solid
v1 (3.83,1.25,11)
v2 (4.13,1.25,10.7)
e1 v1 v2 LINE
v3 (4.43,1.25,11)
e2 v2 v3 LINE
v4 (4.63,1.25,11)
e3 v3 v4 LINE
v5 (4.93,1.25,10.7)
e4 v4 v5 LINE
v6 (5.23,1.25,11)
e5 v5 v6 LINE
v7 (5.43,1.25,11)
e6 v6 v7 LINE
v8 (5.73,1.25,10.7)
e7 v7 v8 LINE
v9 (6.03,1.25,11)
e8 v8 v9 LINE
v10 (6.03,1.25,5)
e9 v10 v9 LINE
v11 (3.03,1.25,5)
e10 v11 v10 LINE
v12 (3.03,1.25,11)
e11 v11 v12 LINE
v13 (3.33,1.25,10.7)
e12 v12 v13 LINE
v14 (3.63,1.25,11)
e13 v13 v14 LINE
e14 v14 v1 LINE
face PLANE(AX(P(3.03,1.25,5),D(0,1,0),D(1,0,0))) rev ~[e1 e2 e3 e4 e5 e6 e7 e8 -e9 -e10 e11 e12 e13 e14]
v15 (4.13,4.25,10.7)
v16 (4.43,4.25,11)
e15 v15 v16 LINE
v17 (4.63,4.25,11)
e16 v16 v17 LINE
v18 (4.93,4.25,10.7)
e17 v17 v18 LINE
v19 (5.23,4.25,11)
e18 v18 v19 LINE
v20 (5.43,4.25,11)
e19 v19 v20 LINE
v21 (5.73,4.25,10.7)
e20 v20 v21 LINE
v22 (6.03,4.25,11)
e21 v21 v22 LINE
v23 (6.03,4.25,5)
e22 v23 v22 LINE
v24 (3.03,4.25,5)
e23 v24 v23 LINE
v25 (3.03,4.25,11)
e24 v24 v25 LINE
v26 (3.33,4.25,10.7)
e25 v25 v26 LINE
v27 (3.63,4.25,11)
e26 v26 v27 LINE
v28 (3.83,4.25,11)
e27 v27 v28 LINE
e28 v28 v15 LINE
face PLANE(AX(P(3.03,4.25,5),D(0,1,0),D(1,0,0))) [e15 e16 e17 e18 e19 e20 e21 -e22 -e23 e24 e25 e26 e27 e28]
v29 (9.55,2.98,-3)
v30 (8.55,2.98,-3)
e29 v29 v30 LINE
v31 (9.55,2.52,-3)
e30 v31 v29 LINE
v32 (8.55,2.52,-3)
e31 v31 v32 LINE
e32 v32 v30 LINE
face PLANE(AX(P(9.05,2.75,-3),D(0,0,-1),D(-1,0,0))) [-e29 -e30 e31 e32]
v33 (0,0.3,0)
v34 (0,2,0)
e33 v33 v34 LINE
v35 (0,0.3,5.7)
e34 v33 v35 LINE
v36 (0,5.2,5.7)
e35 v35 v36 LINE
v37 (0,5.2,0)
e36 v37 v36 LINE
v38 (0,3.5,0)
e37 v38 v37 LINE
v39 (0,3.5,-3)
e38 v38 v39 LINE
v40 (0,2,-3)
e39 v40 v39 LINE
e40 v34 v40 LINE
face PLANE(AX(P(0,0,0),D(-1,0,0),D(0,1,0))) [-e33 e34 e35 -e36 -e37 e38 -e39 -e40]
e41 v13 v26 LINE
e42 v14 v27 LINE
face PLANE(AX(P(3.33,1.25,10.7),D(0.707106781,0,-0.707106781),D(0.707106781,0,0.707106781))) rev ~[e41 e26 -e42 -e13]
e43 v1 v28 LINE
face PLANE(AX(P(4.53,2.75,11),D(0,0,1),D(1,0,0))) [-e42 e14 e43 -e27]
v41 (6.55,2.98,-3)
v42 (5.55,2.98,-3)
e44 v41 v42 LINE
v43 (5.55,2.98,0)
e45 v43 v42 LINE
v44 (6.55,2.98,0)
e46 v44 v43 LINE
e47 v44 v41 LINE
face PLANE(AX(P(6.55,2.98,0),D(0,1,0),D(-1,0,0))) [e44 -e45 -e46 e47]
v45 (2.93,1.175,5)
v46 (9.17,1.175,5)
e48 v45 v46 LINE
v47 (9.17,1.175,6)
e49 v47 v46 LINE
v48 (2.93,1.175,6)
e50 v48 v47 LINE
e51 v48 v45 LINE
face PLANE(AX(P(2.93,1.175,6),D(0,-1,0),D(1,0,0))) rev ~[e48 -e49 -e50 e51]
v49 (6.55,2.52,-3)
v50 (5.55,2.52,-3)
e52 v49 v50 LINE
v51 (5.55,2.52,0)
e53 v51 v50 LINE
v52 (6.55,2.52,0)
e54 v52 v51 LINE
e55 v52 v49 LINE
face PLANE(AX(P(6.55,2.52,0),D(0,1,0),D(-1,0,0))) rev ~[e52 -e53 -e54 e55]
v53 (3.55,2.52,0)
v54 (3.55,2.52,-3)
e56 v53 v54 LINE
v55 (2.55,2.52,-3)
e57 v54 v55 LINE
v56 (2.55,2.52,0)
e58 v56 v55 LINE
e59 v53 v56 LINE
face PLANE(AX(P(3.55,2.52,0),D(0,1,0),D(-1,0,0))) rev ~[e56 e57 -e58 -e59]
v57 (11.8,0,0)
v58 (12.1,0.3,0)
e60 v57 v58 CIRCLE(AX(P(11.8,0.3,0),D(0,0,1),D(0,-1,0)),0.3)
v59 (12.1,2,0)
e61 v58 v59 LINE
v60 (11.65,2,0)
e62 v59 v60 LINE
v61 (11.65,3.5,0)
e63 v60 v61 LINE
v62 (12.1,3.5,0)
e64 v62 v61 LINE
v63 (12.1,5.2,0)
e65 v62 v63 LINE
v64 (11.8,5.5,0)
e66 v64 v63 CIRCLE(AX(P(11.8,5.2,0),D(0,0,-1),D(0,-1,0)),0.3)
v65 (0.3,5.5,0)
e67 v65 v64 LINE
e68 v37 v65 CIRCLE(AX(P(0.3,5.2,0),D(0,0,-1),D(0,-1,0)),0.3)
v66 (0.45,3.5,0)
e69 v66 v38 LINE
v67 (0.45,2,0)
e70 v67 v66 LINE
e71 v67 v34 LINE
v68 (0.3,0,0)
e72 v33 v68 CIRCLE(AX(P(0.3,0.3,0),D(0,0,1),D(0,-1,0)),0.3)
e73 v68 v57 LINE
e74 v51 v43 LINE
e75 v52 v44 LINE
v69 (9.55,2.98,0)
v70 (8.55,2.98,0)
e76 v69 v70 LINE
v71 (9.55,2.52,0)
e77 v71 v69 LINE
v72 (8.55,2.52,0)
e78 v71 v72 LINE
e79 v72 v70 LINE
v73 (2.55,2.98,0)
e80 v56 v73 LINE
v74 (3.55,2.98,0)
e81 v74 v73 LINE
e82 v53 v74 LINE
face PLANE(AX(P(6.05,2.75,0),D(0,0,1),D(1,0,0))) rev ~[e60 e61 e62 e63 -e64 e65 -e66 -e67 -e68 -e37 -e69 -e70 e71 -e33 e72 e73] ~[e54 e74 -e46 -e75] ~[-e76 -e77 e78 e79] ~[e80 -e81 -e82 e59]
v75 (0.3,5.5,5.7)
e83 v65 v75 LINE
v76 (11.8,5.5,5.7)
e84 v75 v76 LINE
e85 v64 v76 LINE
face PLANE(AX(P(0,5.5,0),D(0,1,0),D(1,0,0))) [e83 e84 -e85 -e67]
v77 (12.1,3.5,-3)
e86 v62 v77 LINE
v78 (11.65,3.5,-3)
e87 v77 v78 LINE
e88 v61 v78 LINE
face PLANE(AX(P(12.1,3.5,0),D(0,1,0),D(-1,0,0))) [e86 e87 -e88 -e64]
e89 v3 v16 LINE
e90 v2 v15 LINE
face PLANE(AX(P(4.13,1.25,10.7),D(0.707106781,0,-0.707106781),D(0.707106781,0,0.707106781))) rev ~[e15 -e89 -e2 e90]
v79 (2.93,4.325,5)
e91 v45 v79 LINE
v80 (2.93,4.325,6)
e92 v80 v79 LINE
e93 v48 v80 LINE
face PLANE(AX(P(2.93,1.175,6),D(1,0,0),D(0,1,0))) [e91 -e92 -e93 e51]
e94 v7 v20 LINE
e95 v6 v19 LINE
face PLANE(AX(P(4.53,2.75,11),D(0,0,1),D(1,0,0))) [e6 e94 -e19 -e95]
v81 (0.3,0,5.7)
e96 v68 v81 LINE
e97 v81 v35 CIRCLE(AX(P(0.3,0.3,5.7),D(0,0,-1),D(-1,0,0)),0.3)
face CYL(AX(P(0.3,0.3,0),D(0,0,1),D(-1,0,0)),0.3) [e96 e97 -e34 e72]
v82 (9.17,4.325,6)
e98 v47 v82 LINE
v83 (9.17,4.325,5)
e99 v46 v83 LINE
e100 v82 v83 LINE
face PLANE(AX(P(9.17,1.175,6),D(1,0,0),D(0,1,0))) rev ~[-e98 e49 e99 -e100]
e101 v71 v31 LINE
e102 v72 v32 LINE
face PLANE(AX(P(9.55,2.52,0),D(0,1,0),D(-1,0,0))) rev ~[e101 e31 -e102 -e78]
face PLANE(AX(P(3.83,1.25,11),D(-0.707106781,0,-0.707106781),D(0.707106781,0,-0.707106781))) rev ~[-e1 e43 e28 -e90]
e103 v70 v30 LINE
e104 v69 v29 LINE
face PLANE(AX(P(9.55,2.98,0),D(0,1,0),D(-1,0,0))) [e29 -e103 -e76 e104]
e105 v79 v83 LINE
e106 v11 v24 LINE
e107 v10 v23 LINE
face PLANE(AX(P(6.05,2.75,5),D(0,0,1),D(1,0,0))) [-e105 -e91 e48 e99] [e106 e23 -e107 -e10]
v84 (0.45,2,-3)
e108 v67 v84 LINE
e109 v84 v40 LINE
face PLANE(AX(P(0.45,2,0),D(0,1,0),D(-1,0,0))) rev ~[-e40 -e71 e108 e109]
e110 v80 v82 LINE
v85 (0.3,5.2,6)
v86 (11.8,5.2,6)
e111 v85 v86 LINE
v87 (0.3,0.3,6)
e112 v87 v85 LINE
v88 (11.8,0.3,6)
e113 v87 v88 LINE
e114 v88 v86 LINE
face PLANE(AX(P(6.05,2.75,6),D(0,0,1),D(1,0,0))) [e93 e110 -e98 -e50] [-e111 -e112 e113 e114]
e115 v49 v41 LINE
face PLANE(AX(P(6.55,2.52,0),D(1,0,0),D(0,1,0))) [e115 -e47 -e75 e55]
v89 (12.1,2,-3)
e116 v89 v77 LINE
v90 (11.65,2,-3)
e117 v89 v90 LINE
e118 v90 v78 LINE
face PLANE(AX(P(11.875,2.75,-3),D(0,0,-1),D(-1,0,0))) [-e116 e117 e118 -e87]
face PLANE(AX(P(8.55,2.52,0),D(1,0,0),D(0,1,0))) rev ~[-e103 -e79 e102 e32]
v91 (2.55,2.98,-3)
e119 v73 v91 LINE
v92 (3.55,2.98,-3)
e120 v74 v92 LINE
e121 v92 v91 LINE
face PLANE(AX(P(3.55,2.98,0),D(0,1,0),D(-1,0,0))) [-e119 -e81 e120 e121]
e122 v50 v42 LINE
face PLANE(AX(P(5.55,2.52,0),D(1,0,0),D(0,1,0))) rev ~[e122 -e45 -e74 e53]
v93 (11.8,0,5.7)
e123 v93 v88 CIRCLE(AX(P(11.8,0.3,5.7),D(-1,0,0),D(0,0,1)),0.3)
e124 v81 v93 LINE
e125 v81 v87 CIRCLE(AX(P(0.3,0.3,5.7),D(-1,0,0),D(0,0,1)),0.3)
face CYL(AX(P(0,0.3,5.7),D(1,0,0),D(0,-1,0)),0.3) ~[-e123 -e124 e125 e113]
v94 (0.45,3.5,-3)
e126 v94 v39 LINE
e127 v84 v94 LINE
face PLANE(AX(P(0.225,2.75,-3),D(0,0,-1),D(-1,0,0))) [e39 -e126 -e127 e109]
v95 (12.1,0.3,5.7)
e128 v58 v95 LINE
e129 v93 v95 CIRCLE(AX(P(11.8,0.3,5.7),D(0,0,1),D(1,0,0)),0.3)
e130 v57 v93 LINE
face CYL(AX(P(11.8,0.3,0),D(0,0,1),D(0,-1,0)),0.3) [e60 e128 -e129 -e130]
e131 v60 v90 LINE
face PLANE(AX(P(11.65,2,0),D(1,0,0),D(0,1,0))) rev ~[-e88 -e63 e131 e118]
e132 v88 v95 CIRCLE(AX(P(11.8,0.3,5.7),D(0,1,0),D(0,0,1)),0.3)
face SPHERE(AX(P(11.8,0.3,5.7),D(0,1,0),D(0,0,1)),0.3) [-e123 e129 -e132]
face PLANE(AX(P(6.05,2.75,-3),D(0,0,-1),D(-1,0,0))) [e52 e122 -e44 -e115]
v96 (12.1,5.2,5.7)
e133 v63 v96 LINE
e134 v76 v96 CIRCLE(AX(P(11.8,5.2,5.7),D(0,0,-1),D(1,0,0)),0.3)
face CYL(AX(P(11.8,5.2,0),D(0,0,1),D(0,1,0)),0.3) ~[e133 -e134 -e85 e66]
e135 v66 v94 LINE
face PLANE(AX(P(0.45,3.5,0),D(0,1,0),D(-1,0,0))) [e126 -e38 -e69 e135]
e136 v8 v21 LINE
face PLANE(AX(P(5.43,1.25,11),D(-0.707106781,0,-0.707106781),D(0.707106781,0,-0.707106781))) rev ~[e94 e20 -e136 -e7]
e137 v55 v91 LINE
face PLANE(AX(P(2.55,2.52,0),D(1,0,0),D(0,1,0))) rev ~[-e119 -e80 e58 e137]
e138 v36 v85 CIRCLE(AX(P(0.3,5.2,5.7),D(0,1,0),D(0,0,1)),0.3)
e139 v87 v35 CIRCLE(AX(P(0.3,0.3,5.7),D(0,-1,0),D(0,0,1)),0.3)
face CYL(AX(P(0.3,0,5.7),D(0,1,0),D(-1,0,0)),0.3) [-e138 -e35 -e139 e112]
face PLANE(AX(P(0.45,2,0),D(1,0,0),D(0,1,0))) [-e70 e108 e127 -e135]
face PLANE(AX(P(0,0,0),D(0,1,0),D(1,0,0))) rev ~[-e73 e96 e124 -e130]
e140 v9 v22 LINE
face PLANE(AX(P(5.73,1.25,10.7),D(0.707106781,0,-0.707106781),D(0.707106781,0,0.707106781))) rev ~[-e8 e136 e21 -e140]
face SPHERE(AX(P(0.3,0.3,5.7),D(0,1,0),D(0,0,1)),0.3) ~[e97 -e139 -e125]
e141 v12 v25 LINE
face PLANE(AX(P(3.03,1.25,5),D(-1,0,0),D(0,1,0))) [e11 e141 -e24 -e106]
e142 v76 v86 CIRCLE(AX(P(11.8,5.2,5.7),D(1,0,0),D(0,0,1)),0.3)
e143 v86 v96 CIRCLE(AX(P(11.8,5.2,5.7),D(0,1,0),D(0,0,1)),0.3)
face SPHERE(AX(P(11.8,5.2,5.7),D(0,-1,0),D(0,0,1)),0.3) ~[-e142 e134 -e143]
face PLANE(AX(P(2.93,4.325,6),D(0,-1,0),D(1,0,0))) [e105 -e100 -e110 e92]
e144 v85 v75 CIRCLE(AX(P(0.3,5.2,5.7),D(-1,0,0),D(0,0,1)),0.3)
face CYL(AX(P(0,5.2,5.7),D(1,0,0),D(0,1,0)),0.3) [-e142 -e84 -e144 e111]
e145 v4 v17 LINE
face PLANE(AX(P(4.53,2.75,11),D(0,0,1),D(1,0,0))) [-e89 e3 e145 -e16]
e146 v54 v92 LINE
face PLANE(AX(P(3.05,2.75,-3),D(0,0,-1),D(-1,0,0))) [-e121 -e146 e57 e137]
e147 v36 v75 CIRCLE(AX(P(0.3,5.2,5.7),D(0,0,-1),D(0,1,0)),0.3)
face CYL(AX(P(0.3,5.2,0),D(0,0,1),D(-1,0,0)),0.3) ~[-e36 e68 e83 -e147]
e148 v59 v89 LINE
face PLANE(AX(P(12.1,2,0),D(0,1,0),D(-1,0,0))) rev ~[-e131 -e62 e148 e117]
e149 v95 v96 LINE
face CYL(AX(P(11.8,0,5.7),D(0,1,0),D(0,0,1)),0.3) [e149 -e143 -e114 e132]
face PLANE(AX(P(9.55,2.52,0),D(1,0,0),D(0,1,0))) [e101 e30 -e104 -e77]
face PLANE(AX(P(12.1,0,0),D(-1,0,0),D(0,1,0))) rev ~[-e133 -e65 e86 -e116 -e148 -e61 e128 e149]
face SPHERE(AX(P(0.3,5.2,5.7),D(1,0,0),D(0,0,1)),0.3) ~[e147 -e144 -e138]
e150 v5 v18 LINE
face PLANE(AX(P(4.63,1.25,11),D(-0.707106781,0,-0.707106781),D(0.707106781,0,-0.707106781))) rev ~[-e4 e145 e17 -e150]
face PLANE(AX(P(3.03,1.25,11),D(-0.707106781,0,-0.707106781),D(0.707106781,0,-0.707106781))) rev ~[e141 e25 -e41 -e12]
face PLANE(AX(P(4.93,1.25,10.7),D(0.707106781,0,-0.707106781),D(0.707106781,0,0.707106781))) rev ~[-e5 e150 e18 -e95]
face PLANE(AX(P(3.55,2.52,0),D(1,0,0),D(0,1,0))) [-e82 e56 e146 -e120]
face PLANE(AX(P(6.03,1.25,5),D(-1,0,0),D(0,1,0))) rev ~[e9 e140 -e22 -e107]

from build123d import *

# Parameters (mm, degrees)
SKETCH_3_W          = 12.1
SKETCH_3_H          = 5.5
EXTRUDE_1_DEPTH     = 6
SKETCH_4_W          = 6.24
SKETCH_4_H          = 3.15
CUT_EXTRUDE_1_DEPTH = 1
SKETCH_5_W          = 3
SKETCH_5_H          = 3
EXTRUDE_2_DEPTH     = 6
CUT_EXTRUDE_2_REACH = 18.896
SKETCH_7_W          = 1
SKETCH_7_H          = 0.46
SKETCH_7_W_2        = 0.45
SKETCH_7_H_2        = 1.5
EXTRUDE_3_DEPTH     = 3
FILLET_1_R          = 0.3


with BuildPart() as part:
    # Sketch 3 → Extrude 1 (new body)
    with BuildSketch(Plane.XY):
        with Locations((6.05, 2.75)):
            Rectangle(SKETCH_3_W, SKETCH_3_H)
    extrude(amount=EXTRUDE_1_DEPTH)

    # Sketch 4 → Cut-Extrude 1 (cut)
    with BuildSketch(Plane.XY.offset(6)):
        with Locations((6.05, 2.75)):
            Rectangle(SKETCH_4_W, SKETCH_4_H)
    extrude(amount=-CUT_EXTRUDE_1_DEPTH, mode=Mode.SUBTRACT)

    # Sketch 5 → Extrude 2 (add)
    with BuildSketch(Plane.XY.offset(5)):
        with Locations((4.53, 2.75)):
            Rectangle(SKETCH_5_W, SKETCH_5_H)
    extrude(amount=EXTRUDE_2_DEPTH)

    # Sketch 6 → Cut-Extrude 2 (cut, up to next)
    with BuildSketch(Plane.XZ.offset(-1.25), mode=Mode.PRIVATE) as cut_extrude_2_sk1:
        Polygon((3.03, 11), (3.33, 10.7), (3.63, 11), align=None)
    cut_extrude_2_tool1 = extrude(cut_extrude_2_sk1.sketch, amount=-CUT_EXTRUDE_2_REACH, mode=Mode.PRIVATE) & part.part
    # Sketch 6 → Cut-Extrude 2 (cut, up to next)
    with BuildSketch(Plane.XZ.offset(-1.25), mode=Mode.PRIVATE) as cut_extrude_2_sk2:
        Polygon((4.13, 10.7), (4.43, 11), (3.83, 11), align=None)
    cut_extrude_2_tool2 = extrude(cut_extrude_2_sk2.sketch, amount=-CUT_EXTRUDE_2_REACH, mode=Mode.PRIVATE) & part.part
    # Sketch 6 → Cut-Extrude 2 (cut, up to next)
    with BuildSketch(Plane.XZ.offset(-1.25), mode=Mode.PRIVATE) as cut_extrude_2_sk3:
        Polygon((4.93, 10.7), (5.23, 11), (4.63, 11), align=None)
    cut_extrude_2_tool3 = extrude(cut_extrude_2_sk3.sketch, amount=-CUT_EXTRUDE_2_REACH, mode=Mode.PRIVATE) & part.part
    # Sketch 6 → Cut-Extrude 2 (cut, up to next)
    with BuildSketch(Plane.XZ.offset(-1.25), mode=Mode.PRIVATE) as cut_extrude_2_sk4:
        Polygon((5.73, 10.7), (6.03, 11), (5.43, 11), align=None)
    cut_extrude_2_tool4 = extrude(cut_extrude_2_sk4.sketch, amount=-CUT_EXTRUDE_2_REACH, mode=Mode.PRIVATE) & part.part
    add(cut_extrude_2_tool1.solids().sort_by_distance((3.33, 1.25, 10.9))[0], mode=Mode.SUBTRACT)
    add(cut_extrude_2_tool2.solids().sort_by_distance((4.13, 1.25, 10.9))[0], mode=Mode.SUBTRACT)
    add(cut_extrude_2_tool3.solids().sort_by_distance((4.93, 1.25, 10.9))[0], mode=Mode.SUBTRACT)
    add(cut_extrude_2_tool4.solids().sort_by_distance((5.73, 1.25, 10.9))[0], mode=Mode.SUBTRACT)

    # Sketch 7 → Extrude 3 (add)
    with BuildSketch(Plane(origin=(0, 0, 0), x_dir=(-1, 0, 0), z_dir=(0, 0, -1))):
        with Locations((-3.05, 2.75)):
            Rectangle(SKETCH_7_W, SKETCH_7_H)
        with Locations((-6.05, 2.75)):
            Rectangle(SKETCH_7_W, SKETCH_7_H)
        with Locations((-9.05, 2.75)):
            Rectangle(SKETCH_7_W, SKETCH_7_H)
        with Locations((-11.875, 2.75)):
            Rectangle(SKETCH_7_W_2, SKETCH_7_H_2)
        with Locations((-0.225, 2.75)):
            Rectangle(SKETCH_7_W_2, SKETCH_7_H_2)
    extrude(amount=EXTRUDE_3_DEPTH)

    # Fillet 1
    fillet_1_edges = [part.edges().sort_by_distance(p)[0] for p in [
        (12.1, 2.75, 6),
        (6.05, 5.5, 6),
        (0, 2.75, 6),
        (6.05, 0, 6),
        (0, 5.5, 3),
        (12.1, 5.5, 3),
        (12.1, 0, 3),
        (0, 0, 3),
    ]]
    fillet(fillet_1_edges, radius=FILLET_1_R)


solid = part.part
